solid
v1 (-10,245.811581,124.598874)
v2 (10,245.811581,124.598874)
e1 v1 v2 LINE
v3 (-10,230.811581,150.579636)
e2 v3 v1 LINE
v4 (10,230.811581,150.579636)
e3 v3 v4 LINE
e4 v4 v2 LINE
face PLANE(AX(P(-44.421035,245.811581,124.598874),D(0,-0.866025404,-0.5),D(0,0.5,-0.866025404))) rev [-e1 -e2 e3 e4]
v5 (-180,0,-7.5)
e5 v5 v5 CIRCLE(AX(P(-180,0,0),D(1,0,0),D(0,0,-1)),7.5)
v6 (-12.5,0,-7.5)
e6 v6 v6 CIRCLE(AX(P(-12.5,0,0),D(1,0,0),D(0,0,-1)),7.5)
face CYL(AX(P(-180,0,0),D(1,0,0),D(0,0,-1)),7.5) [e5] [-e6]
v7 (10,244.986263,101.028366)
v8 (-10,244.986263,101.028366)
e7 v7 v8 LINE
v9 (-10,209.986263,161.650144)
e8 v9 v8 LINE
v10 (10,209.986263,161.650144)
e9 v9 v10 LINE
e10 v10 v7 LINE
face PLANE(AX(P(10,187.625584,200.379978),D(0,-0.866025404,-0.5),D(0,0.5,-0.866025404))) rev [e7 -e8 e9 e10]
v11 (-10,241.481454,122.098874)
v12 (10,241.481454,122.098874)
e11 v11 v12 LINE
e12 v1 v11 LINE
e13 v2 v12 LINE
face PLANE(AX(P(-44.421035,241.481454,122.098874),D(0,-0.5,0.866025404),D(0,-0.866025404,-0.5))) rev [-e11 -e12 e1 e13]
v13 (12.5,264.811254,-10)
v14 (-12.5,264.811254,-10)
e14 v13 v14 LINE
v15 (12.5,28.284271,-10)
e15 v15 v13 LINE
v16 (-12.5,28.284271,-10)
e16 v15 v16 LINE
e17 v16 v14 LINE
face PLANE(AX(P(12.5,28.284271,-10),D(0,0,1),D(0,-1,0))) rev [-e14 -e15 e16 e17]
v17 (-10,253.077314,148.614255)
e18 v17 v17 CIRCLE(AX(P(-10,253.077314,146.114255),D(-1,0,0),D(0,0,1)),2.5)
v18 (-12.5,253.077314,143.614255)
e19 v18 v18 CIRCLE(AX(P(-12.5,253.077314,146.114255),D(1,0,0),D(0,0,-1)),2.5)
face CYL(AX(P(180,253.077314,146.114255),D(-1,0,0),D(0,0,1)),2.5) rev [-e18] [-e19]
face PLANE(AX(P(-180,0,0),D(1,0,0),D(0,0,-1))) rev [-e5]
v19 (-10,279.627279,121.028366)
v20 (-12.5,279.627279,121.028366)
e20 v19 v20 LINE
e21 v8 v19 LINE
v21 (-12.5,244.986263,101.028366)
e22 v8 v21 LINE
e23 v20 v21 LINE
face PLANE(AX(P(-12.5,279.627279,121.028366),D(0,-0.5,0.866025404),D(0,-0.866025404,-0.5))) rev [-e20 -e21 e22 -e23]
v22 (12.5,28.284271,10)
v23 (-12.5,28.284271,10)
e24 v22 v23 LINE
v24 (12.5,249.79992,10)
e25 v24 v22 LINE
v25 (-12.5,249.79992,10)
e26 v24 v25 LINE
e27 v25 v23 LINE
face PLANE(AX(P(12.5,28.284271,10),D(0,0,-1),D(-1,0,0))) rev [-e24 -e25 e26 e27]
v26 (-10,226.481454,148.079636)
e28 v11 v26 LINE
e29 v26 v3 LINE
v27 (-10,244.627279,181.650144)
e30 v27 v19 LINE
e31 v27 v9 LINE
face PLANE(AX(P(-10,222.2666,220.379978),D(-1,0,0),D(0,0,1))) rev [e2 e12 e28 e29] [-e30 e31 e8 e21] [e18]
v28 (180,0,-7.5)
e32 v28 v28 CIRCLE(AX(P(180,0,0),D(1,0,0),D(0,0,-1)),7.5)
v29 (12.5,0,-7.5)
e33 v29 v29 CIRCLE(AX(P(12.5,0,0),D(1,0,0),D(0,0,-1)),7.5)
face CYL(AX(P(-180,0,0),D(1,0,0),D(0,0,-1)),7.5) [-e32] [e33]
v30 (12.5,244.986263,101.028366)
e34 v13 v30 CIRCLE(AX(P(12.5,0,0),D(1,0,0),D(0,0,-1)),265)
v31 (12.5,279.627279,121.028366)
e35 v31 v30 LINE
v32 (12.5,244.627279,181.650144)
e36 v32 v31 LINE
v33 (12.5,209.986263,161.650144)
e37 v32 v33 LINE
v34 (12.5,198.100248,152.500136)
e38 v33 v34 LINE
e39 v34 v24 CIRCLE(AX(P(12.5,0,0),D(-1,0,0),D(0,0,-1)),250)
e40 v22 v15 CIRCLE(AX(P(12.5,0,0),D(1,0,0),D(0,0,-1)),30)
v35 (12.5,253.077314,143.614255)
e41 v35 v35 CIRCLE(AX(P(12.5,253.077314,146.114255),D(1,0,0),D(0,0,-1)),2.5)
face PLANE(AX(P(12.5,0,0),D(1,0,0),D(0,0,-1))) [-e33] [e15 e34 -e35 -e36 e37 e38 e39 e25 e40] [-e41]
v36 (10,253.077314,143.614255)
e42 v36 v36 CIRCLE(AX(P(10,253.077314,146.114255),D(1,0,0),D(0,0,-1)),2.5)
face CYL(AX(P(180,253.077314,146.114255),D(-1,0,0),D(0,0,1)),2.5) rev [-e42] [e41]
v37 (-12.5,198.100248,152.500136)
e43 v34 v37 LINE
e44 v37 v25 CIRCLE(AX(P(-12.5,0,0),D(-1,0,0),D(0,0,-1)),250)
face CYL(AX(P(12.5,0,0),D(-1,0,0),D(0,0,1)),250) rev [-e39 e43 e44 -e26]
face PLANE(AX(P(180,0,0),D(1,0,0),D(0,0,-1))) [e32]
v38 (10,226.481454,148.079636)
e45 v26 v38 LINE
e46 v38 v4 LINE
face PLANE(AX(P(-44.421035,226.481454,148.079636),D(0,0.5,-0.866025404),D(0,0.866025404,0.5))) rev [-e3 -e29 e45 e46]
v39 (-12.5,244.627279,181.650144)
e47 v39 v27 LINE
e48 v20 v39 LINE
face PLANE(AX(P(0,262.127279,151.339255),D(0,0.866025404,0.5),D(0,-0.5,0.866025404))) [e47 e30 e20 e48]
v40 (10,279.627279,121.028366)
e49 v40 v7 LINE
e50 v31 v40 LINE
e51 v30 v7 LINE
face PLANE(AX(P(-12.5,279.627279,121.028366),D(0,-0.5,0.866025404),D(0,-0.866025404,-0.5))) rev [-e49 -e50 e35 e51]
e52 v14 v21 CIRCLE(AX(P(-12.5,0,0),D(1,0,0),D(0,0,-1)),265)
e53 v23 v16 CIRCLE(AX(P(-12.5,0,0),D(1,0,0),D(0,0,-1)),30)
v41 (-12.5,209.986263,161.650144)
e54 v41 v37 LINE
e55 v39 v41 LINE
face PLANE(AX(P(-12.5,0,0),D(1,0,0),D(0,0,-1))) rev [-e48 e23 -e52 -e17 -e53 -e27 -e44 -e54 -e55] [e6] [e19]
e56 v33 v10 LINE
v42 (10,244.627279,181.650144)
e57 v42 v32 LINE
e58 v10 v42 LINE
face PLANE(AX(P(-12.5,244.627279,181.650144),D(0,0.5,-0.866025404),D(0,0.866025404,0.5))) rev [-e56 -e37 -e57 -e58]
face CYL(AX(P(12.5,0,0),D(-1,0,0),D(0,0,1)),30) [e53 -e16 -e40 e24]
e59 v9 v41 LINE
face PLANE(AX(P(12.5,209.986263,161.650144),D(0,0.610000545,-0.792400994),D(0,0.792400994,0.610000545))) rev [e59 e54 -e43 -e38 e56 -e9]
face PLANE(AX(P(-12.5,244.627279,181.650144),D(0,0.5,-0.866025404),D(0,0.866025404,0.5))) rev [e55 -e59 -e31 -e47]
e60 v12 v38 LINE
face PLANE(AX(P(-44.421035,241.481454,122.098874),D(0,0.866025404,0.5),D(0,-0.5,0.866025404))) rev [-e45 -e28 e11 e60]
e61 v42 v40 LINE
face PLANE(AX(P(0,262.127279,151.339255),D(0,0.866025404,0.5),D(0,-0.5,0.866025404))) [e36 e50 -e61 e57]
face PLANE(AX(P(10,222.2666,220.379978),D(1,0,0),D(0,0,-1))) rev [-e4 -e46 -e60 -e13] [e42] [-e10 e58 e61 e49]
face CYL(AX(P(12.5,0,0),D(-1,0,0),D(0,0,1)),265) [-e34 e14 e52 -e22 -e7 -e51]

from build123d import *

# Parameters (mm, degrees)
BOSS_EXTRUDE1_DEPTH      = 12.5
BOSS_EXTRUDE1_DEPTH_BACK = 12.5
SKETCH11_R               = 7.5
BOSS_EXTRUDE4_DEPTH      = 180
BOSS_EXTRUDE4_DEPTH_BACK = 180
SKETCH12_W               = 25
SKETCH12_H               = 70
BOSS_EXTRUDE5_DEPTH      = 40
SKETCH13_W               = 20
SKETCH13_H               = 40
CUT_EXTRUDE2_DEPTH       = 70
SKETCH15_R               = 2.5
CUT_EXTRUDE3_DEPTH       = 191
CUT_EXTRUDE3_DEPTH_BACK  = 171
BOSS_EXTRUDE8_DEPTH      = 20


with BuildPart() as part:
    # Sketch1 → Boss-Extrude1 (new body, two sides)
    with BuildSketch(Plane(origin=(0, 0, 0), x_dir=(0, 0, -1), z_dir=(1, 0, 0))) as boss_extrude1_sk:
        with BuildLine():
            Line((10, 28.284271247), (10, 264.811253537))
            ThreePointArc((10, 264.811253537), (-46.581095136, 260.873918926), (-101.028366233, 244.986263322))
            Line((-101.028366233, 244.986263322), (-161.650144498, 209.986263322))
            Line((-161.650144498, 209.986263322), (-152.500136319, 198.100248417))
            ThreePointArc((-152.500136319, 198.100248417), (-85.263049352, 235.011089984), (-10, 249.799919936))
            Line((-10, 249.799919936), (-10, 28.284271247))
            ThreePointArc((-10, 28.284271247), (0, -30), (10, 28.284271247))
        make_face()
    extrude(amount=BOSS_EXTRUDE1_DEPTH)
    extrude(boss_extrude1_sk.sketch, amount=-BOSS_EXTRUDE1_DEPTH_BACK)

    # Sketch11 → Boss-Extrude4 (add, two sides)
    with BuildSketch(Plane(origin=(0, 0, 0), x_dir=(0, 0, -1), z_dir=(1, 0, 0))) as boss_extrude4_sk:
        Circle(SKETCH11_R)
    extrude(amount=BOSS_EXTRUDE4_DEPTH)
    extrude(boss_extrude4_sk.sketch, amount=-BOSS_EXTRUDE4_DEPTH_BACK)

    # Sketch12 → Boss-Extrude5 (add)
    with BuildSketch(Plane(origin=(0, 227.486263322, 131.339255366), x_dir=(1, 0, 0), z_dir=(0, 0.866025404, 0.5))):
        Rectangle(SKETCH12_W, SKETCH12_H)
    extrude(amount=BOSS_EXTRUDE5_DEPTH)

    # Sketch13 → Cut-Extrude2 (cut)
    with BuildSketch(Plane(origin=(0, 17.5, -30.310889132), x_dir=(-1, 0, 0), z_dir=(0, 0.5, -0.866025404))):
        with Locations((0, 282.678510731)):
            Rectangle(SKETCH13_W, SKETCH13_H)
    extrude(amount=-CUT_EXTRUDE2_DEPTH, mode=Mode.SUBTRACT)

    # Sketch15 → Cut-Extrude3 (cut, two sides)
    with BuildSketch(Plane.ZY.offset(-10)) as cut_extrude3_sk:
        with Locations((146.114255366, 253.077314003)):
            Circle(SKETCH15_R)
    extrude(amount=CUT_EXTRUDE3_DEPTH, mode=Mode.SUBTRACT)
    extrude(cut_extrude3_sk.sketch, amount=-CUT_EXTRUDE3_DEPTH_BACK, mode=Mode.SUBTRACT)

    # Sketch16 → Boss-Extrude8 (add)
    with BuildSketch(Plane.ZY.offset(-10)):
        Polygon((122.098874309, 241.48145385), (124.598874309, 245.811580869), (150.579636422, 230.811580869), (148.079636422, 226.48145385), align=None)
    extrude(amount=BOSS_EXTRUDE8_DEPTH)


solid = part.part
